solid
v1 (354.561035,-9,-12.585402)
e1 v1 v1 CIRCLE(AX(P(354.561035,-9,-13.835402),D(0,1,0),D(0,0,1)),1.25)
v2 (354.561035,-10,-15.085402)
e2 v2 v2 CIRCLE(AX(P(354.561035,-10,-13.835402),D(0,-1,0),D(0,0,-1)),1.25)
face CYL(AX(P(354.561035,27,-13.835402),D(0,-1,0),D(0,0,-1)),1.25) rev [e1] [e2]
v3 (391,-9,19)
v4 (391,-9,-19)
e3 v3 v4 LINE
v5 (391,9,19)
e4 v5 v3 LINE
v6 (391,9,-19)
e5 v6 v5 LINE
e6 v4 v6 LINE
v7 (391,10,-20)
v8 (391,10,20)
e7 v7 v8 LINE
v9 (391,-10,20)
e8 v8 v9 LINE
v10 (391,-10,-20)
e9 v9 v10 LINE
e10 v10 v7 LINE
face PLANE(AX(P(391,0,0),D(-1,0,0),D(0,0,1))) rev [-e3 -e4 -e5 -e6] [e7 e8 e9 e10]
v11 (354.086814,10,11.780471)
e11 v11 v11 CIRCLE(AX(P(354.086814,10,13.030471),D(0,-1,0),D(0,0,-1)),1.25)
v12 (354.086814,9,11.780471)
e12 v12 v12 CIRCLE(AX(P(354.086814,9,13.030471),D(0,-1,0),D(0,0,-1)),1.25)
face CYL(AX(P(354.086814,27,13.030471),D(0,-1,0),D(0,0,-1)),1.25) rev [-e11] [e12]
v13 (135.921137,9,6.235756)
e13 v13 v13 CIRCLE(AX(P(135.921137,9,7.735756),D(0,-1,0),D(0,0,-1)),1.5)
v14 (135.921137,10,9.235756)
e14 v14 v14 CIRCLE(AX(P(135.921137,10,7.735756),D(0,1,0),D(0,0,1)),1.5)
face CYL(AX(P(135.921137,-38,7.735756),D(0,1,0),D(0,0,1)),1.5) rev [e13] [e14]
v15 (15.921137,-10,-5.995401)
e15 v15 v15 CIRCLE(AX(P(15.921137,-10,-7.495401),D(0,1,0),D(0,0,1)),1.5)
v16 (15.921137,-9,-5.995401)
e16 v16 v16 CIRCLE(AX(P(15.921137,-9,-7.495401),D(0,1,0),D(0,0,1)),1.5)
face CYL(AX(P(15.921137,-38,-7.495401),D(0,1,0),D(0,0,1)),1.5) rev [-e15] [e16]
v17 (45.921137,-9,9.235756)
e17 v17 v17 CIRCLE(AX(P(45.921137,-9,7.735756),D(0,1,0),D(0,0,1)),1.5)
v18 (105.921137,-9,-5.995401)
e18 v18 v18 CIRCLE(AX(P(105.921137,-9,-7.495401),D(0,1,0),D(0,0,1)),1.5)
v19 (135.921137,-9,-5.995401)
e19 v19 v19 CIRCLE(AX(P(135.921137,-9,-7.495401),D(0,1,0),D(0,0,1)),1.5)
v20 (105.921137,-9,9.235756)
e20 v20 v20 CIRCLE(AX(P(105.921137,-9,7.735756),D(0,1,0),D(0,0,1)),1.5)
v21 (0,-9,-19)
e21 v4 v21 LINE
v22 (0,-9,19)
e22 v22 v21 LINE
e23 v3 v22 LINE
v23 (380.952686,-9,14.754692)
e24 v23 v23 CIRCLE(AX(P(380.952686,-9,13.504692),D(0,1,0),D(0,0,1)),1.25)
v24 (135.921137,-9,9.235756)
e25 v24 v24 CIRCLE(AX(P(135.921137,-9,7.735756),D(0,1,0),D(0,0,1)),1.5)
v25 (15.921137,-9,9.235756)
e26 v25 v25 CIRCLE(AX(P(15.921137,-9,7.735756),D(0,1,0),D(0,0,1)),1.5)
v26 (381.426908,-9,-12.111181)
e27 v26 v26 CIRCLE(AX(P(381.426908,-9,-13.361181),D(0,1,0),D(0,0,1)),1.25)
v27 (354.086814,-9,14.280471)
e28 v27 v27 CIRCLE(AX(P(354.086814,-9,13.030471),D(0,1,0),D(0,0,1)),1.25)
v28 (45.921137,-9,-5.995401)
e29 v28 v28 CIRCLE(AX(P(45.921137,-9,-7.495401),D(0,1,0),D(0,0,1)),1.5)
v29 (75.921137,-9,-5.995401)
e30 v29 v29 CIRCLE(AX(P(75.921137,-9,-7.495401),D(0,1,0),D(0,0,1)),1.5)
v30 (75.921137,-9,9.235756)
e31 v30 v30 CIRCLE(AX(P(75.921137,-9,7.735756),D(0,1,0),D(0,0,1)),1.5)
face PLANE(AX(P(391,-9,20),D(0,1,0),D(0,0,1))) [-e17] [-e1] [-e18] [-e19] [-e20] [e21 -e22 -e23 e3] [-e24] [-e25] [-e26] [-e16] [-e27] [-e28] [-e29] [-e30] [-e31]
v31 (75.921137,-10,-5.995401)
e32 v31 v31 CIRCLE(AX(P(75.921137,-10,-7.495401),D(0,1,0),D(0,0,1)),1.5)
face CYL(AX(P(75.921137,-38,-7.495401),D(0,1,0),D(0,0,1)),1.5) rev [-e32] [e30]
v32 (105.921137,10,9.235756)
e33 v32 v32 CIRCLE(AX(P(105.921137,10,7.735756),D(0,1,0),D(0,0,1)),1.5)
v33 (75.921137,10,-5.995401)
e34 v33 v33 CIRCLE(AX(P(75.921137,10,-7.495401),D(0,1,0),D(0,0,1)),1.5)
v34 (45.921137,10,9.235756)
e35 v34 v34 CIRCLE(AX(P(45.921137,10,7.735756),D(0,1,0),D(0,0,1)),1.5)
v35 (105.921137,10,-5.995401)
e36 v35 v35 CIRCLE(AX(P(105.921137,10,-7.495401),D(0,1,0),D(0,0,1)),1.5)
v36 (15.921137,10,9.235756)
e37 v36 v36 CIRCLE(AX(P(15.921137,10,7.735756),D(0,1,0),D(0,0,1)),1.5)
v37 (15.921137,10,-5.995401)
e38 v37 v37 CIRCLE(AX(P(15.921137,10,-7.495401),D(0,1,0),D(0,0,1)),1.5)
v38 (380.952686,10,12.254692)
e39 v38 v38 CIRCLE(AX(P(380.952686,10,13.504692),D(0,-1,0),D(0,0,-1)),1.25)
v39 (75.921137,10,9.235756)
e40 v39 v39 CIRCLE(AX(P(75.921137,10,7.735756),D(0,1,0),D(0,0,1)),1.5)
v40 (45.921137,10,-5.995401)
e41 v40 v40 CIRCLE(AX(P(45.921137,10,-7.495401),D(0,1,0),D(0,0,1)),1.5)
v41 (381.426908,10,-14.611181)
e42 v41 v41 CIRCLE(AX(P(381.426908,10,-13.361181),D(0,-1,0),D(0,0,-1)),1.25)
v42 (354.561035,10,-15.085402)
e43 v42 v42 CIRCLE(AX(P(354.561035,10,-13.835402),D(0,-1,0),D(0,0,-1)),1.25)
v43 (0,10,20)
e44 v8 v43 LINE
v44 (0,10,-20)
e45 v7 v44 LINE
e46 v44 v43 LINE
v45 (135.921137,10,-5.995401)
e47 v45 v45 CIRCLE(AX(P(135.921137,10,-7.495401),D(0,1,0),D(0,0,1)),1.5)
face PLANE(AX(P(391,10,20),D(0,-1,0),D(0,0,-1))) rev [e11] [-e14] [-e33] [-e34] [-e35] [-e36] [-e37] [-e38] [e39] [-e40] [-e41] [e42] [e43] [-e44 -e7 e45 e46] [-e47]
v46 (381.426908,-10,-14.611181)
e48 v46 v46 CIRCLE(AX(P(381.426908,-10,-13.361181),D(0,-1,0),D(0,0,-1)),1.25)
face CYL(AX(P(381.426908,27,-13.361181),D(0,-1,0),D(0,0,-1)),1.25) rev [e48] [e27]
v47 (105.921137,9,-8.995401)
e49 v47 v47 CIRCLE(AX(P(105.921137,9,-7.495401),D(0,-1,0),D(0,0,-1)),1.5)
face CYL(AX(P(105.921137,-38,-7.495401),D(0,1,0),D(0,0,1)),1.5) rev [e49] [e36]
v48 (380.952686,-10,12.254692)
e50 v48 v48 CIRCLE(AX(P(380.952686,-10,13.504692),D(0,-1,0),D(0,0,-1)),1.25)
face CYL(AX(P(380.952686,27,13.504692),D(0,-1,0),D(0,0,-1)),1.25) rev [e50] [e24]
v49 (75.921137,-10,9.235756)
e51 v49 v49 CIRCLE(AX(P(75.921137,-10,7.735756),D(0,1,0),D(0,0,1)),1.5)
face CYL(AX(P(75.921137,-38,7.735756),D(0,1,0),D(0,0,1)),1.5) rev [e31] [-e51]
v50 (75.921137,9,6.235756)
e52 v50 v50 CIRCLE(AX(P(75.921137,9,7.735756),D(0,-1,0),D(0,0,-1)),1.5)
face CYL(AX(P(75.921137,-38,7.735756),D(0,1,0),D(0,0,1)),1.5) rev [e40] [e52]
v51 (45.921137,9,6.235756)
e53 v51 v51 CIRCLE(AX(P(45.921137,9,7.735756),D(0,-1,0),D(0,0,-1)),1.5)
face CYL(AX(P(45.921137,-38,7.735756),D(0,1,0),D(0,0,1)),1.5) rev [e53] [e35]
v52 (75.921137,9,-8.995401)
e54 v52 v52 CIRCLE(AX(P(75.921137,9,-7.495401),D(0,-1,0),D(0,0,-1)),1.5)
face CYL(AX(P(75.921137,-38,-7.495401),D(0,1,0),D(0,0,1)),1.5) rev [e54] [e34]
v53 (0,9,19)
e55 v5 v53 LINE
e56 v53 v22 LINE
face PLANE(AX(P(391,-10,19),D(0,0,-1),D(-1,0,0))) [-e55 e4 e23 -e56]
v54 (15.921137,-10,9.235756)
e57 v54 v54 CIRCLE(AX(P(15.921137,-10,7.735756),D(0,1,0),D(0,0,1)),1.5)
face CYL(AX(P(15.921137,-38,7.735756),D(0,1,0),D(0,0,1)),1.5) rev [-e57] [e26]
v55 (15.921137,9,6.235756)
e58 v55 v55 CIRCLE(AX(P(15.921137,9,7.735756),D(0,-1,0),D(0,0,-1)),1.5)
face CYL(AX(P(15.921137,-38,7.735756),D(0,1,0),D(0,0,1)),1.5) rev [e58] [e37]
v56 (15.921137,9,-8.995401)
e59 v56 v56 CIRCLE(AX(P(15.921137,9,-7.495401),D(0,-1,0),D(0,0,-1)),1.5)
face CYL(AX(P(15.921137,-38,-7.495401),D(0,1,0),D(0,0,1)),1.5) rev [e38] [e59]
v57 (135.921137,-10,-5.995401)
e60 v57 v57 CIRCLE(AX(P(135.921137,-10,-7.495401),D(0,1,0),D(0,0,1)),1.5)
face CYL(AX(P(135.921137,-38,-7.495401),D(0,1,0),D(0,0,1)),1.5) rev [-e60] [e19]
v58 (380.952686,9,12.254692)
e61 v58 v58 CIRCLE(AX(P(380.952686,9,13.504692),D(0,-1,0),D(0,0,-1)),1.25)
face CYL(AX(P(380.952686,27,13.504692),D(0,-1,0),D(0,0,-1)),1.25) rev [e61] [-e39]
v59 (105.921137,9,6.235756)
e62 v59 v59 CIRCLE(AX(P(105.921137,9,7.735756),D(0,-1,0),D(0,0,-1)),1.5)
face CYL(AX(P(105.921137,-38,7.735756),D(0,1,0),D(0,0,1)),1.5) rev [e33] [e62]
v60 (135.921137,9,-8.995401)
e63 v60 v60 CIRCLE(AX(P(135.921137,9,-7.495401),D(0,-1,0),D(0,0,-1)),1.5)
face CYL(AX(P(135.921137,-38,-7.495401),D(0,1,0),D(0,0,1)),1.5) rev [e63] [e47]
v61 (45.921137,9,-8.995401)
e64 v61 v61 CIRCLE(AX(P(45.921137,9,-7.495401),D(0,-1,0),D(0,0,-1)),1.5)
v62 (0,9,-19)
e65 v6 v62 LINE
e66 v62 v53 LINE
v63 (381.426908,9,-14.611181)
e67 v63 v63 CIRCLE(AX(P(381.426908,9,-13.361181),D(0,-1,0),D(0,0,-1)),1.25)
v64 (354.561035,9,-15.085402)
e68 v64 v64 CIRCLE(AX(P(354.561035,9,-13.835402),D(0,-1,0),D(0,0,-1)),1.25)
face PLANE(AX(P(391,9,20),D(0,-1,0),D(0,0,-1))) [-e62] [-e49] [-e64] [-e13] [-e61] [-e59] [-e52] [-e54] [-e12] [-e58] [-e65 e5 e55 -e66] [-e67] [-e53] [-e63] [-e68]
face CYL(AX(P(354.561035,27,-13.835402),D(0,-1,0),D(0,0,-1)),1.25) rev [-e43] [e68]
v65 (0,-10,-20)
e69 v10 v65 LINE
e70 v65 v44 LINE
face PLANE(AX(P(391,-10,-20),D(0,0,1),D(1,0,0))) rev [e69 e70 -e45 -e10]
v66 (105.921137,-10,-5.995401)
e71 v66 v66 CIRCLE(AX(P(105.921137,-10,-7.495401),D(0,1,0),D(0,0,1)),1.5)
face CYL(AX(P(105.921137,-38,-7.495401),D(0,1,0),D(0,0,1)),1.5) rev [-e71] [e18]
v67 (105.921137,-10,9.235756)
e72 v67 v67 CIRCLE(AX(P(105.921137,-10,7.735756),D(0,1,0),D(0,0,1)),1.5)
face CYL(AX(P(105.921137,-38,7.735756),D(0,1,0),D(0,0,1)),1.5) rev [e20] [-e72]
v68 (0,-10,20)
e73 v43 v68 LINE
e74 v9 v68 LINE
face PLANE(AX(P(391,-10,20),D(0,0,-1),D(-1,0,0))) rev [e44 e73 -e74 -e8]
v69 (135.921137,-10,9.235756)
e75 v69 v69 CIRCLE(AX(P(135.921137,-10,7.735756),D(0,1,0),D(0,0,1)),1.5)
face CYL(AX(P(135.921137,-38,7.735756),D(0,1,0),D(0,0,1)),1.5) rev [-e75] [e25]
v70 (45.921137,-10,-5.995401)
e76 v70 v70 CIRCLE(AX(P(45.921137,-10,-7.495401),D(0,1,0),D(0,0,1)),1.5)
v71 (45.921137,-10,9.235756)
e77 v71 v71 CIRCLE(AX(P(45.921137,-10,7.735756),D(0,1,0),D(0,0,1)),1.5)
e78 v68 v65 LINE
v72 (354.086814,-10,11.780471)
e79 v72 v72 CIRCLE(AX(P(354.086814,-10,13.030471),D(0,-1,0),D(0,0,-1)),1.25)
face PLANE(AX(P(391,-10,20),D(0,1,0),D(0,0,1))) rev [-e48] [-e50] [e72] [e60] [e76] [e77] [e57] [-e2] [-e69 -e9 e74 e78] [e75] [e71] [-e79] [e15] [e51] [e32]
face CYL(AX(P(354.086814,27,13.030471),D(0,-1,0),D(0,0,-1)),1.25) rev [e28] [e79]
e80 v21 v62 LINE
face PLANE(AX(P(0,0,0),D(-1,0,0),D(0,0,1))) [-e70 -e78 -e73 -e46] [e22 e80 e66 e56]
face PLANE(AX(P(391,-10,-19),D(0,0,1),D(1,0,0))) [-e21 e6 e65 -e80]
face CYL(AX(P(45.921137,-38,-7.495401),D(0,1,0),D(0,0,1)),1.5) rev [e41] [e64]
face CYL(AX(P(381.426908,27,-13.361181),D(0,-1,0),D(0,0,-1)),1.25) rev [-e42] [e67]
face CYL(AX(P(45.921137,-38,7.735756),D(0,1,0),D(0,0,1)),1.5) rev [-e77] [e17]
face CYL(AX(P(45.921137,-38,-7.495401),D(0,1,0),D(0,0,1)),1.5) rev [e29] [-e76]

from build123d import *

# Parameters (mm, degrees)
SKETCH_1_W          = 40
SKETCH_1_H          = 20
EXTRUDE_1_DEPTH     = 391
SHELL_1_T           = -1
SKETCH_2_R          = 1.5
CUT_EXTRUDE_1_DEPTH = 48
SKETCH_3_R          = 1.25
CUT_EXTRUDE_2_DEPTH = 37


with BuildPart() as part:
    # 草图1 → 凸台-拉伸1 (new body)
    with BuildSketch(Plane(origin=(0, 0, 0), x_dir=(0, 0, -1), z_dir=(1, 0, 0))):
        Rectangle(SKETCH_1_W, SKETCH_1_H)
    extrude(amount=EXTRUDE_1_DEPTH)

    # 抽壳1
    shell_1_openings = [part.faces().sort_by_distance(p)[0] for p in [
        (391, 0, 0),
        (0, 0, 0),
    ]]
    offset(amount=SHELL_1_T, openings=shell_1_openings, kind=Kind.INTERSECTION)

    # 草图2 → 切除-拉伸1 (cut)
    with BuildSketch(Plane(origin=(0, 10, 0), x_dir=(1, 0, 0), z_dir=(0, 1, 0))):
        with Locations(Location((15.921137183, 7.495400719, 0), (0, 0, 270))):
            Circle(SKETCH_2_R)
        with Locations(Location((45.921137183, 7.495400719, 0), (0, 0, 270))):
            Circle(SKETCH_2_R)
        with Locations(Location((75.921137183, 7.495400719, 0), (0, 0, 270))):
            Circle(SKETCH_2_R)
        with Locations(Location((105.921137183, 7.495400719, 0), (0, 0, 270))):
            Circle(SKETCH_2_R)
        with Locations(Location((135.921137183, 7.495400719, 0), (0, 0, 270))):
            Circle(SKETCH_2_R)
        with Locations(Location((15.921137183, -7.735756338, 0), (0, 0, 270))):
            Circle(SKETCH_2_R)
        with Locations(Location((45.921137183, -7.735756338, 0), (0, 0, 270))):
            Circle(SKETCH_2_R)
        with Locations(Location((75.921137183, -7.735756338, 0), (0, 0, 270))):
            Circle(SKETCH_2_R)
        with Locations(Location((105.921137183, -7.735756338, 0), (0, 0, 270))):
            Circle(SKETCH_2_R)
        with Locations(Location((135.921137183, -7.735756338, 0), (0, 0, 270))):
            Circle(SKETCH_2_R)
    extrude(amount=-CUT_EXTRUDE_1_DEPTH, mode=Mode.SUBTRACT)

    # 草图3 → 切除-拉伸2 (cut)
    with BuildSketch(Plane.XZ.offset(10)):
        with Locations(Location((354.561034917, -13.835401739, 0), (0, 0, 270))):
            Circle(SKETCH_3_R)
        with Locations(Location((381.426907587, -13.361180576, 0), (0, 0, 270))):
            Circle(SKETCH_3_R)
        with Locations(Location((380.952686425, 13.504692093, 0), (0, 0, 270))):
            Circle(SKETCH_3_R)
        with Locations(Location((354.086813755, 13.030470931, 0), (0, 0, 270))):
            Circle(SKETCH_3_R)
    extrude(amount=-CUT_EXTRUDE_2_DEPTH, mode=Mode.SUBTRACT)


solid = part.part
